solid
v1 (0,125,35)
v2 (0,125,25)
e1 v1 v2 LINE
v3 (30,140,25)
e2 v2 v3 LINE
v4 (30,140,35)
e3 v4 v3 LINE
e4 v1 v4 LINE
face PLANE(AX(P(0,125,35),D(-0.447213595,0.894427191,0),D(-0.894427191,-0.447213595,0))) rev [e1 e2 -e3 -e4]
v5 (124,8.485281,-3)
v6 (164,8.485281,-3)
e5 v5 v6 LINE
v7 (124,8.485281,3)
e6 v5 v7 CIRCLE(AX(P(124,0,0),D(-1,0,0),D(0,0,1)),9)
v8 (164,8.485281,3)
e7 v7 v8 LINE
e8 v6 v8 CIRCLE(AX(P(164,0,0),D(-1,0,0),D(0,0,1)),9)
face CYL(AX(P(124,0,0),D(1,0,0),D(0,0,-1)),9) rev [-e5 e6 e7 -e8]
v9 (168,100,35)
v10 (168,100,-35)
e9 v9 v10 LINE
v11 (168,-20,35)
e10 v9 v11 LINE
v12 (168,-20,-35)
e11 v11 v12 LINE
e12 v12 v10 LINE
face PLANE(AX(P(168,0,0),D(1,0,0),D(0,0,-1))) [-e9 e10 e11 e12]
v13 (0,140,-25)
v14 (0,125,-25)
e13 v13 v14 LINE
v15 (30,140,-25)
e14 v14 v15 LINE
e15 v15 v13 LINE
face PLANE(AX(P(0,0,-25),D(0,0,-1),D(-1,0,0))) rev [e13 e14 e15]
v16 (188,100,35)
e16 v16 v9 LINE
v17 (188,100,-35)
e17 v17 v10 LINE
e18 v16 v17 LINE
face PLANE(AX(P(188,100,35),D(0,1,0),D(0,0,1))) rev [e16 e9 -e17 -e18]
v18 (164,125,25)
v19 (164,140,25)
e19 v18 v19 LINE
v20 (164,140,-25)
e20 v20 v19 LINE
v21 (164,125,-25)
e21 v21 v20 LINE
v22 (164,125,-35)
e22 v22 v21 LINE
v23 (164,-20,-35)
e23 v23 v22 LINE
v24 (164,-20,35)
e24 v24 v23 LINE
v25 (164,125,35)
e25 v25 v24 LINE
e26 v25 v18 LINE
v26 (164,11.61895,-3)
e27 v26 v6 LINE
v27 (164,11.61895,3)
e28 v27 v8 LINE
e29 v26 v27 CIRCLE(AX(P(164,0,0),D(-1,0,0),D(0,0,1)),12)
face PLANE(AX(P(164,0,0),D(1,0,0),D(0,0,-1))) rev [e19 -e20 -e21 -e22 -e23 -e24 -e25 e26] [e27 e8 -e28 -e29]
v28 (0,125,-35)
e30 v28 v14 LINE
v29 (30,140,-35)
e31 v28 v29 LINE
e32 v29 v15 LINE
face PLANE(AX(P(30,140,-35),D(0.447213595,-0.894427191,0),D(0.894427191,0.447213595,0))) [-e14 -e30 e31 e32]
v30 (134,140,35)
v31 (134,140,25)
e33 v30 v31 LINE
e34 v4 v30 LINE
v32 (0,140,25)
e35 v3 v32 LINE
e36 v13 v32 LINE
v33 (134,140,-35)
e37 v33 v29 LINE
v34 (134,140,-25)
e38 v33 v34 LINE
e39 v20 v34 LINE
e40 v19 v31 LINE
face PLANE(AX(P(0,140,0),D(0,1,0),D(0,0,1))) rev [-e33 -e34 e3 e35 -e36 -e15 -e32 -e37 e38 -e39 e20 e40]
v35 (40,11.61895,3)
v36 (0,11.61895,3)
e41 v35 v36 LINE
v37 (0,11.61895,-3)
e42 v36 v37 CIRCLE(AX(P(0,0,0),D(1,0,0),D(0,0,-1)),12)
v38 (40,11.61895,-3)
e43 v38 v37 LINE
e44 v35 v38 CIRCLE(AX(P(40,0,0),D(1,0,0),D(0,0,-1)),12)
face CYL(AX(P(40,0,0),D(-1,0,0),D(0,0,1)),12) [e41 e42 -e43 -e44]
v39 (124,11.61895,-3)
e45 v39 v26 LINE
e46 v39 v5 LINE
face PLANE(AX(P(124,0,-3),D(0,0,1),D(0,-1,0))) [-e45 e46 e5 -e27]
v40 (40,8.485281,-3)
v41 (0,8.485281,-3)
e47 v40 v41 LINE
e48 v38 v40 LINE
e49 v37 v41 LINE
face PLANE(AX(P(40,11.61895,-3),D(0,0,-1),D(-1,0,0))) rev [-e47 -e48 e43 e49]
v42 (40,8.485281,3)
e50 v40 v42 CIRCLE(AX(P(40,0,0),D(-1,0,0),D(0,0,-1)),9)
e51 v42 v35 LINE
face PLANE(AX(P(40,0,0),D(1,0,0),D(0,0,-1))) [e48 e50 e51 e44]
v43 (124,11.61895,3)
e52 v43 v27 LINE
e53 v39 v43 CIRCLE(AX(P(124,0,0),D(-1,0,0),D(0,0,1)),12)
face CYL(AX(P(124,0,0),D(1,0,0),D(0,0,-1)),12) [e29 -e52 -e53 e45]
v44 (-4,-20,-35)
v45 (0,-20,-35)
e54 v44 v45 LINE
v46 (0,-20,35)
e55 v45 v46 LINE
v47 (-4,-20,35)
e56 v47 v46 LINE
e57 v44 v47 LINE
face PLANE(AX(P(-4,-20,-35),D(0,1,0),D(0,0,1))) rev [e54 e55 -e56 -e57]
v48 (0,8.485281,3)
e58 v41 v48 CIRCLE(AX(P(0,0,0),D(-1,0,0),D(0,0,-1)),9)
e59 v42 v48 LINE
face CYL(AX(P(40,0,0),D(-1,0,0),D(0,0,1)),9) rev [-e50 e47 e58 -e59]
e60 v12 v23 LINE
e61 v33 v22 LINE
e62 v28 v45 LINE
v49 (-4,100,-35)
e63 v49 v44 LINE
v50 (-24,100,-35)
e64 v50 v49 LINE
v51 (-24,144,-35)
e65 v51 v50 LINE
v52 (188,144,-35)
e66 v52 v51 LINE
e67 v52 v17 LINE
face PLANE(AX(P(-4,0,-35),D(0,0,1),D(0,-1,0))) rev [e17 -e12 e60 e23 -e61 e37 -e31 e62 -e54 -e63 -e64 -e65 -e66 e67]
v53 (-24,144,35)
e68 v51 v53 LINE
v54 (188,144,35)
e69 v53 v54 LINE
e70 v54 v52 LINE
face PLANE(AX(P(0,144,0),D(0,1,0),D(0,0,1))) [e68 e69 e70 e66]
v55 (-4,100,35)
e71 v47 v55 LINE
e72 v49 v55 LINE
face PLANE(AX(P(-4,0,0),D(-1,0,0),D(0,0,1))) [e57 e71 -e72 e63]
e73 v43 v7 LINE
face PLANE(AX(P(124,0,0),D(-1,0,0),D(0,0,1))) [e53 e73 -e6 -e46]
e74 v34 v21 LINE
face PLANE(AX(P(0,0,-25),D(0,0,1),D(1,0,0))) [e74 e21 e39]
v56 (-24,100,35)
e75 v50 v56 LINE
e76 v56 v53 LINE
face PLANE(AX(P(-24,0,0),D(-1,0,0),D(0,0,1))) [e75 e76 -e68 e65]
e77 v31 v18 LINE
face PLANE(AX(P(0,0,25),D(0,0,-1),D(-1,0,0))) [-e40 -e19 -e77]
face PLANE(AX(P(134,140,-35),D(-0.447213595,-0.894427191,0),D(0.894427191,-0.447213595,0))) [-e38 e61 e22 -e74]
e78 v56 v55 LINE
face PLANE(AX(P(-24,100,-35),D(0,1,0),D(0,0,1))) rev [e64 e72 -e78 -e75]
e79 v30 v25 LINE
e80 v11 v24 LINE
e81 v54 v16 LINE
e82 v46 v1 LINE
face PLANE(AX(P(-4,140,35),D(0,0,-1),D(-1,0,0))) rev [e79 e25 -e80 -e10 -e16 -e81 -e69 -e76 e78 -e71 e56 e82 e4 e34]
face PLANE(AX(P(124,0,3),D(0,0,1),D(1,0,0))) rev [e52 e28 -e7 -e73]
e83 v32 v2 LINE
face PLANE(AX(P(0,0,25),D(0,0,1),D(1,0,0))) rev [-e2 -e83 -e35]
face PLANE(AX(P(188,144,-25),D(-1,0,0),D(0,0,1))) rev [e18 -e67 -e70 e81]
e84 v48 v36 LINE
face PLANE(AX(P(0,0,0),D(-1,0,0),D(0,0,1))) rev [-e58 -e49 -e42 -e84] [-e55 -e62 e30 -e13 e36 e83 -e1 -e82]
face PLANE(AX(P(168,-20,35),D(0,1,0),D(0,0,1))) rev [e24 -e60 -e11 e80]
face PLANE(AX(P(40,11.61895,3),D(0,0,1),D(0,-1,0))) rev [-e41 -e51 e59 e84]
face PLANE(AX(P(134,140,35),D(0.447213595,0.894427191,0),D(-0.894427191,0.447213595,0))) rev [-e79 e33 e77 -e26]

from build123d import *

# Parameters (mm, degrees)
SALIENTE_EXTRUIR1_DEPTH  = 40
SALIENTE_EXTRUIR2_DEPTH  = 4
CROQUIS3_W               = 70
CROQUIS3_H               = 40
SALIENTE_EXTRUIR3_DEPTH  = 20
SALIENTE_EXTRUIR4_START  = 140
CROQUIS5_W               = 164
CROQUIS5_H               = 70
SALIENTE_EXTRUIR4_DEPTH  = 4
SALIENTE_EXTRUIR5_START  = 164
CROQUIS7_W               = 70
CROQUIS7_H               = 160
SALIENTE_EXTRUIR5_DEPTH  = 4
CROQUIS8_W               = 70
CROQUIS8_H               = 40
SALIENTE_EXTRUIR6_DEPTH  = 20
SALIENTE_EXTRUIR12_DEPTH = 4
CROQUIS11_W              = 24
CROQUIS11_H              = 70
SALIENTE_EXTRUIR13_DEPTH = 4
SALIENTE_EXTRUIR14_START = 40
SALIENTE_EXTRUIR14_DEPTH = 40
SALIENTE_EXTRUIR15_START = 25
SALIENTE_EXTRUIR15_DEPTH = 10
SALIENTE_EXTRUIR16_START = -25
SALIENTE_EXTRUIR16_DEPTH = 10


with BuildPart() as part:
    # Croquis1 → Saliente-Extruir1 (new body)
    with BuildSketch(Plane(origin=(0, 0, 0), x_dir=(0, 0, -1), z_dir=(1, 0, 0))):
        with BuildLine():
            Line((-3, 11.618950039), (-3, 8.485281374))
            ThreePointArc((-3, 8.485281374), (0, -9), (3, 8.485281374))
            Line((3, 8.485281374), (3, 11.618950039))
            ThreePointArc((3, 11.618950039), (0, -12), (-3, 11.618950039))
        make_face()
    extrude(amount=SALIENTE_EXTRUIR1_DEPTH)

    # Croquis2 → Saliente-Extruir2 (add)
    with BuildSketch(Plane.ZY):
        Polygon((-35, 0), (-35, -20), (35, -20), (35, 0), (35, 140), (-35, 140), align=None)
    extrude(amount=SALIENTE_EXTRUIR2_DEPTH)

    # Croquis3 → Saliente-Extruir3 (add)
    with BuildSketch(Plane.ZY.offset(4)):
        with Locations((0, 120)):
            Rectangle(CROQUIS3_W, CROQUIS3_H)
    extrude(amount=SALIENTE_EXTRUIR3_DEPTH)



with BuildPart() as body_2:
    # Croquis5 → Saliente-Extruir4 (new body)
    with BuildSketch(Plane(origin=(0, 0, 0), x_dir=(1, 0, 0), z_dir=(0, 1, 0)).offset(SALIENTE_EXTRUIR4_START)):
        with Locations((82, 0)):
            Rectangle(CROQUIS5_W, CROQUIS5_H)
    extrude(amount=SALIENTE_EXTRUIR4_DEPTH)



with BuildPart() as body_3:
    # Croquis7 → Saliente-Extruir5 (new body)
    with BuildSketch(Plane(origin=(0, 0, 0), x_dir=(0, 0, -1), z_dir=(1, 0, 0)).offset(SALIENTE_EXTRUIR5_START)):
        with Locations((0, 60)):
            Rectangle(CROQUIS7_W, CROQUIS7_H)
    extrude(amount=SALIENTE_EXTRUIR5_DEPTH)

    # Croquis8 → Saliente-Extruir6 (add)
    with BuildSketch(Plane(origin=(168, 0, 0), x_dir=(0, 0, -1), z_dir=(1, 0, 0))):
        with Locations((0, 120)):
            Rectangle(CROQUIS8_W, CROQUIS8_H)
    extrude(amount=SALIENTE_EXTRUIR6_DEPTH)


with BuildPart() as body_2_1:
    add(body_2.part)

    add(body_3.part)  # Saliente-Extruir12 merges body 3
    # Croquis10 → Saliente-Extruir12 (add)
    with BuildSketch(Plane(origin=(0, 140, 0), x_dir=(1, 0, 0), z_dir=(0, 1, 0))):
        Polygon((188, 25), (188, -25), (188, -35), (164, -35), (164, -25), (164, 25), (164, 35), (188, 35), align=None)
    extrude(amount=SALIENTE_EXTRUIR12_DEPTH)


with BuildPart() as part_1:
    add(part.part)

    add(body_2_1.part)  # Saliente-Extruir13 merges body 2
    # Croquis11 → Saliente-Extruir13 (add)
    with BuildSketch(Plane(origin=(0, 140, 0), x_dir=(1, 0, 0), z_dir=(0, 1, 0))):
        with Locations((-12, 0)):
            Rectangle(CROQUIS11_W, CROQUIS11_H)
    extrude(amount=SALIENTE_EXTRUIR13_DEPTH)

    # Croquis12 → Saliente-Extruir14 (add)
    with BuildSketch(Plane.ZY.offset(-164).offset(SALIENTE_EXTRUIR14_START)):
        with BuildLine():
            Line((0, -9), (0, -12))
            ThreePointArc((0, -12), (11.904356355, -1.51205151), (3, 11.618950039))
            Line((3, 11.618950039), (3, 8.485281374))
            ThreePointArc((3, 8.485281374), (8.870387037, -1.521917809), (0, -9))
        make_face()
        with BuildLine():
            ThreePointArc((-3, 11.618950039), (-11.904356355, -1.51205151), (0, -12))
            Line((0, -12), (0, -9))
            ThreePointArc((0, -9), (-8.870387037, -1.521917809), (-3, 8.485281374))
            Line((-3, 8.485281374), (-3, 11.618950039))
        make_face()
    extrude(amount=-SALIENTE_EXTRUIR14_DEPTH)

    # Croquis13 → Saliente-Extruir15 (add)
    with BuildSketch(Plane.XY.offset(SALIENTE_EXTRUIR15_START)):
        Polygon((164, 140), (134, 140), (164, 125), align=None)
        Polygon((0, 140), (30, 140), (0, 125), align=None)
    extrude(amount=SALIENTE_EXTRUIR15_DEPTH)

    # Croquis14 → Saliente-Extruir16 (add)
    with BuildSketch(Plane.XY.offset(SALIENTE_EXTRUIR16_START)):
        Polygon((164, 140), (134, 140), (164, 125), align=None)
        Polygon((0, 140), (30, 140), (0, 125), align=None)
    extrude(amount=-SALIENTE_EXTRUIR16_DEPTH)


solid = part_1.part
